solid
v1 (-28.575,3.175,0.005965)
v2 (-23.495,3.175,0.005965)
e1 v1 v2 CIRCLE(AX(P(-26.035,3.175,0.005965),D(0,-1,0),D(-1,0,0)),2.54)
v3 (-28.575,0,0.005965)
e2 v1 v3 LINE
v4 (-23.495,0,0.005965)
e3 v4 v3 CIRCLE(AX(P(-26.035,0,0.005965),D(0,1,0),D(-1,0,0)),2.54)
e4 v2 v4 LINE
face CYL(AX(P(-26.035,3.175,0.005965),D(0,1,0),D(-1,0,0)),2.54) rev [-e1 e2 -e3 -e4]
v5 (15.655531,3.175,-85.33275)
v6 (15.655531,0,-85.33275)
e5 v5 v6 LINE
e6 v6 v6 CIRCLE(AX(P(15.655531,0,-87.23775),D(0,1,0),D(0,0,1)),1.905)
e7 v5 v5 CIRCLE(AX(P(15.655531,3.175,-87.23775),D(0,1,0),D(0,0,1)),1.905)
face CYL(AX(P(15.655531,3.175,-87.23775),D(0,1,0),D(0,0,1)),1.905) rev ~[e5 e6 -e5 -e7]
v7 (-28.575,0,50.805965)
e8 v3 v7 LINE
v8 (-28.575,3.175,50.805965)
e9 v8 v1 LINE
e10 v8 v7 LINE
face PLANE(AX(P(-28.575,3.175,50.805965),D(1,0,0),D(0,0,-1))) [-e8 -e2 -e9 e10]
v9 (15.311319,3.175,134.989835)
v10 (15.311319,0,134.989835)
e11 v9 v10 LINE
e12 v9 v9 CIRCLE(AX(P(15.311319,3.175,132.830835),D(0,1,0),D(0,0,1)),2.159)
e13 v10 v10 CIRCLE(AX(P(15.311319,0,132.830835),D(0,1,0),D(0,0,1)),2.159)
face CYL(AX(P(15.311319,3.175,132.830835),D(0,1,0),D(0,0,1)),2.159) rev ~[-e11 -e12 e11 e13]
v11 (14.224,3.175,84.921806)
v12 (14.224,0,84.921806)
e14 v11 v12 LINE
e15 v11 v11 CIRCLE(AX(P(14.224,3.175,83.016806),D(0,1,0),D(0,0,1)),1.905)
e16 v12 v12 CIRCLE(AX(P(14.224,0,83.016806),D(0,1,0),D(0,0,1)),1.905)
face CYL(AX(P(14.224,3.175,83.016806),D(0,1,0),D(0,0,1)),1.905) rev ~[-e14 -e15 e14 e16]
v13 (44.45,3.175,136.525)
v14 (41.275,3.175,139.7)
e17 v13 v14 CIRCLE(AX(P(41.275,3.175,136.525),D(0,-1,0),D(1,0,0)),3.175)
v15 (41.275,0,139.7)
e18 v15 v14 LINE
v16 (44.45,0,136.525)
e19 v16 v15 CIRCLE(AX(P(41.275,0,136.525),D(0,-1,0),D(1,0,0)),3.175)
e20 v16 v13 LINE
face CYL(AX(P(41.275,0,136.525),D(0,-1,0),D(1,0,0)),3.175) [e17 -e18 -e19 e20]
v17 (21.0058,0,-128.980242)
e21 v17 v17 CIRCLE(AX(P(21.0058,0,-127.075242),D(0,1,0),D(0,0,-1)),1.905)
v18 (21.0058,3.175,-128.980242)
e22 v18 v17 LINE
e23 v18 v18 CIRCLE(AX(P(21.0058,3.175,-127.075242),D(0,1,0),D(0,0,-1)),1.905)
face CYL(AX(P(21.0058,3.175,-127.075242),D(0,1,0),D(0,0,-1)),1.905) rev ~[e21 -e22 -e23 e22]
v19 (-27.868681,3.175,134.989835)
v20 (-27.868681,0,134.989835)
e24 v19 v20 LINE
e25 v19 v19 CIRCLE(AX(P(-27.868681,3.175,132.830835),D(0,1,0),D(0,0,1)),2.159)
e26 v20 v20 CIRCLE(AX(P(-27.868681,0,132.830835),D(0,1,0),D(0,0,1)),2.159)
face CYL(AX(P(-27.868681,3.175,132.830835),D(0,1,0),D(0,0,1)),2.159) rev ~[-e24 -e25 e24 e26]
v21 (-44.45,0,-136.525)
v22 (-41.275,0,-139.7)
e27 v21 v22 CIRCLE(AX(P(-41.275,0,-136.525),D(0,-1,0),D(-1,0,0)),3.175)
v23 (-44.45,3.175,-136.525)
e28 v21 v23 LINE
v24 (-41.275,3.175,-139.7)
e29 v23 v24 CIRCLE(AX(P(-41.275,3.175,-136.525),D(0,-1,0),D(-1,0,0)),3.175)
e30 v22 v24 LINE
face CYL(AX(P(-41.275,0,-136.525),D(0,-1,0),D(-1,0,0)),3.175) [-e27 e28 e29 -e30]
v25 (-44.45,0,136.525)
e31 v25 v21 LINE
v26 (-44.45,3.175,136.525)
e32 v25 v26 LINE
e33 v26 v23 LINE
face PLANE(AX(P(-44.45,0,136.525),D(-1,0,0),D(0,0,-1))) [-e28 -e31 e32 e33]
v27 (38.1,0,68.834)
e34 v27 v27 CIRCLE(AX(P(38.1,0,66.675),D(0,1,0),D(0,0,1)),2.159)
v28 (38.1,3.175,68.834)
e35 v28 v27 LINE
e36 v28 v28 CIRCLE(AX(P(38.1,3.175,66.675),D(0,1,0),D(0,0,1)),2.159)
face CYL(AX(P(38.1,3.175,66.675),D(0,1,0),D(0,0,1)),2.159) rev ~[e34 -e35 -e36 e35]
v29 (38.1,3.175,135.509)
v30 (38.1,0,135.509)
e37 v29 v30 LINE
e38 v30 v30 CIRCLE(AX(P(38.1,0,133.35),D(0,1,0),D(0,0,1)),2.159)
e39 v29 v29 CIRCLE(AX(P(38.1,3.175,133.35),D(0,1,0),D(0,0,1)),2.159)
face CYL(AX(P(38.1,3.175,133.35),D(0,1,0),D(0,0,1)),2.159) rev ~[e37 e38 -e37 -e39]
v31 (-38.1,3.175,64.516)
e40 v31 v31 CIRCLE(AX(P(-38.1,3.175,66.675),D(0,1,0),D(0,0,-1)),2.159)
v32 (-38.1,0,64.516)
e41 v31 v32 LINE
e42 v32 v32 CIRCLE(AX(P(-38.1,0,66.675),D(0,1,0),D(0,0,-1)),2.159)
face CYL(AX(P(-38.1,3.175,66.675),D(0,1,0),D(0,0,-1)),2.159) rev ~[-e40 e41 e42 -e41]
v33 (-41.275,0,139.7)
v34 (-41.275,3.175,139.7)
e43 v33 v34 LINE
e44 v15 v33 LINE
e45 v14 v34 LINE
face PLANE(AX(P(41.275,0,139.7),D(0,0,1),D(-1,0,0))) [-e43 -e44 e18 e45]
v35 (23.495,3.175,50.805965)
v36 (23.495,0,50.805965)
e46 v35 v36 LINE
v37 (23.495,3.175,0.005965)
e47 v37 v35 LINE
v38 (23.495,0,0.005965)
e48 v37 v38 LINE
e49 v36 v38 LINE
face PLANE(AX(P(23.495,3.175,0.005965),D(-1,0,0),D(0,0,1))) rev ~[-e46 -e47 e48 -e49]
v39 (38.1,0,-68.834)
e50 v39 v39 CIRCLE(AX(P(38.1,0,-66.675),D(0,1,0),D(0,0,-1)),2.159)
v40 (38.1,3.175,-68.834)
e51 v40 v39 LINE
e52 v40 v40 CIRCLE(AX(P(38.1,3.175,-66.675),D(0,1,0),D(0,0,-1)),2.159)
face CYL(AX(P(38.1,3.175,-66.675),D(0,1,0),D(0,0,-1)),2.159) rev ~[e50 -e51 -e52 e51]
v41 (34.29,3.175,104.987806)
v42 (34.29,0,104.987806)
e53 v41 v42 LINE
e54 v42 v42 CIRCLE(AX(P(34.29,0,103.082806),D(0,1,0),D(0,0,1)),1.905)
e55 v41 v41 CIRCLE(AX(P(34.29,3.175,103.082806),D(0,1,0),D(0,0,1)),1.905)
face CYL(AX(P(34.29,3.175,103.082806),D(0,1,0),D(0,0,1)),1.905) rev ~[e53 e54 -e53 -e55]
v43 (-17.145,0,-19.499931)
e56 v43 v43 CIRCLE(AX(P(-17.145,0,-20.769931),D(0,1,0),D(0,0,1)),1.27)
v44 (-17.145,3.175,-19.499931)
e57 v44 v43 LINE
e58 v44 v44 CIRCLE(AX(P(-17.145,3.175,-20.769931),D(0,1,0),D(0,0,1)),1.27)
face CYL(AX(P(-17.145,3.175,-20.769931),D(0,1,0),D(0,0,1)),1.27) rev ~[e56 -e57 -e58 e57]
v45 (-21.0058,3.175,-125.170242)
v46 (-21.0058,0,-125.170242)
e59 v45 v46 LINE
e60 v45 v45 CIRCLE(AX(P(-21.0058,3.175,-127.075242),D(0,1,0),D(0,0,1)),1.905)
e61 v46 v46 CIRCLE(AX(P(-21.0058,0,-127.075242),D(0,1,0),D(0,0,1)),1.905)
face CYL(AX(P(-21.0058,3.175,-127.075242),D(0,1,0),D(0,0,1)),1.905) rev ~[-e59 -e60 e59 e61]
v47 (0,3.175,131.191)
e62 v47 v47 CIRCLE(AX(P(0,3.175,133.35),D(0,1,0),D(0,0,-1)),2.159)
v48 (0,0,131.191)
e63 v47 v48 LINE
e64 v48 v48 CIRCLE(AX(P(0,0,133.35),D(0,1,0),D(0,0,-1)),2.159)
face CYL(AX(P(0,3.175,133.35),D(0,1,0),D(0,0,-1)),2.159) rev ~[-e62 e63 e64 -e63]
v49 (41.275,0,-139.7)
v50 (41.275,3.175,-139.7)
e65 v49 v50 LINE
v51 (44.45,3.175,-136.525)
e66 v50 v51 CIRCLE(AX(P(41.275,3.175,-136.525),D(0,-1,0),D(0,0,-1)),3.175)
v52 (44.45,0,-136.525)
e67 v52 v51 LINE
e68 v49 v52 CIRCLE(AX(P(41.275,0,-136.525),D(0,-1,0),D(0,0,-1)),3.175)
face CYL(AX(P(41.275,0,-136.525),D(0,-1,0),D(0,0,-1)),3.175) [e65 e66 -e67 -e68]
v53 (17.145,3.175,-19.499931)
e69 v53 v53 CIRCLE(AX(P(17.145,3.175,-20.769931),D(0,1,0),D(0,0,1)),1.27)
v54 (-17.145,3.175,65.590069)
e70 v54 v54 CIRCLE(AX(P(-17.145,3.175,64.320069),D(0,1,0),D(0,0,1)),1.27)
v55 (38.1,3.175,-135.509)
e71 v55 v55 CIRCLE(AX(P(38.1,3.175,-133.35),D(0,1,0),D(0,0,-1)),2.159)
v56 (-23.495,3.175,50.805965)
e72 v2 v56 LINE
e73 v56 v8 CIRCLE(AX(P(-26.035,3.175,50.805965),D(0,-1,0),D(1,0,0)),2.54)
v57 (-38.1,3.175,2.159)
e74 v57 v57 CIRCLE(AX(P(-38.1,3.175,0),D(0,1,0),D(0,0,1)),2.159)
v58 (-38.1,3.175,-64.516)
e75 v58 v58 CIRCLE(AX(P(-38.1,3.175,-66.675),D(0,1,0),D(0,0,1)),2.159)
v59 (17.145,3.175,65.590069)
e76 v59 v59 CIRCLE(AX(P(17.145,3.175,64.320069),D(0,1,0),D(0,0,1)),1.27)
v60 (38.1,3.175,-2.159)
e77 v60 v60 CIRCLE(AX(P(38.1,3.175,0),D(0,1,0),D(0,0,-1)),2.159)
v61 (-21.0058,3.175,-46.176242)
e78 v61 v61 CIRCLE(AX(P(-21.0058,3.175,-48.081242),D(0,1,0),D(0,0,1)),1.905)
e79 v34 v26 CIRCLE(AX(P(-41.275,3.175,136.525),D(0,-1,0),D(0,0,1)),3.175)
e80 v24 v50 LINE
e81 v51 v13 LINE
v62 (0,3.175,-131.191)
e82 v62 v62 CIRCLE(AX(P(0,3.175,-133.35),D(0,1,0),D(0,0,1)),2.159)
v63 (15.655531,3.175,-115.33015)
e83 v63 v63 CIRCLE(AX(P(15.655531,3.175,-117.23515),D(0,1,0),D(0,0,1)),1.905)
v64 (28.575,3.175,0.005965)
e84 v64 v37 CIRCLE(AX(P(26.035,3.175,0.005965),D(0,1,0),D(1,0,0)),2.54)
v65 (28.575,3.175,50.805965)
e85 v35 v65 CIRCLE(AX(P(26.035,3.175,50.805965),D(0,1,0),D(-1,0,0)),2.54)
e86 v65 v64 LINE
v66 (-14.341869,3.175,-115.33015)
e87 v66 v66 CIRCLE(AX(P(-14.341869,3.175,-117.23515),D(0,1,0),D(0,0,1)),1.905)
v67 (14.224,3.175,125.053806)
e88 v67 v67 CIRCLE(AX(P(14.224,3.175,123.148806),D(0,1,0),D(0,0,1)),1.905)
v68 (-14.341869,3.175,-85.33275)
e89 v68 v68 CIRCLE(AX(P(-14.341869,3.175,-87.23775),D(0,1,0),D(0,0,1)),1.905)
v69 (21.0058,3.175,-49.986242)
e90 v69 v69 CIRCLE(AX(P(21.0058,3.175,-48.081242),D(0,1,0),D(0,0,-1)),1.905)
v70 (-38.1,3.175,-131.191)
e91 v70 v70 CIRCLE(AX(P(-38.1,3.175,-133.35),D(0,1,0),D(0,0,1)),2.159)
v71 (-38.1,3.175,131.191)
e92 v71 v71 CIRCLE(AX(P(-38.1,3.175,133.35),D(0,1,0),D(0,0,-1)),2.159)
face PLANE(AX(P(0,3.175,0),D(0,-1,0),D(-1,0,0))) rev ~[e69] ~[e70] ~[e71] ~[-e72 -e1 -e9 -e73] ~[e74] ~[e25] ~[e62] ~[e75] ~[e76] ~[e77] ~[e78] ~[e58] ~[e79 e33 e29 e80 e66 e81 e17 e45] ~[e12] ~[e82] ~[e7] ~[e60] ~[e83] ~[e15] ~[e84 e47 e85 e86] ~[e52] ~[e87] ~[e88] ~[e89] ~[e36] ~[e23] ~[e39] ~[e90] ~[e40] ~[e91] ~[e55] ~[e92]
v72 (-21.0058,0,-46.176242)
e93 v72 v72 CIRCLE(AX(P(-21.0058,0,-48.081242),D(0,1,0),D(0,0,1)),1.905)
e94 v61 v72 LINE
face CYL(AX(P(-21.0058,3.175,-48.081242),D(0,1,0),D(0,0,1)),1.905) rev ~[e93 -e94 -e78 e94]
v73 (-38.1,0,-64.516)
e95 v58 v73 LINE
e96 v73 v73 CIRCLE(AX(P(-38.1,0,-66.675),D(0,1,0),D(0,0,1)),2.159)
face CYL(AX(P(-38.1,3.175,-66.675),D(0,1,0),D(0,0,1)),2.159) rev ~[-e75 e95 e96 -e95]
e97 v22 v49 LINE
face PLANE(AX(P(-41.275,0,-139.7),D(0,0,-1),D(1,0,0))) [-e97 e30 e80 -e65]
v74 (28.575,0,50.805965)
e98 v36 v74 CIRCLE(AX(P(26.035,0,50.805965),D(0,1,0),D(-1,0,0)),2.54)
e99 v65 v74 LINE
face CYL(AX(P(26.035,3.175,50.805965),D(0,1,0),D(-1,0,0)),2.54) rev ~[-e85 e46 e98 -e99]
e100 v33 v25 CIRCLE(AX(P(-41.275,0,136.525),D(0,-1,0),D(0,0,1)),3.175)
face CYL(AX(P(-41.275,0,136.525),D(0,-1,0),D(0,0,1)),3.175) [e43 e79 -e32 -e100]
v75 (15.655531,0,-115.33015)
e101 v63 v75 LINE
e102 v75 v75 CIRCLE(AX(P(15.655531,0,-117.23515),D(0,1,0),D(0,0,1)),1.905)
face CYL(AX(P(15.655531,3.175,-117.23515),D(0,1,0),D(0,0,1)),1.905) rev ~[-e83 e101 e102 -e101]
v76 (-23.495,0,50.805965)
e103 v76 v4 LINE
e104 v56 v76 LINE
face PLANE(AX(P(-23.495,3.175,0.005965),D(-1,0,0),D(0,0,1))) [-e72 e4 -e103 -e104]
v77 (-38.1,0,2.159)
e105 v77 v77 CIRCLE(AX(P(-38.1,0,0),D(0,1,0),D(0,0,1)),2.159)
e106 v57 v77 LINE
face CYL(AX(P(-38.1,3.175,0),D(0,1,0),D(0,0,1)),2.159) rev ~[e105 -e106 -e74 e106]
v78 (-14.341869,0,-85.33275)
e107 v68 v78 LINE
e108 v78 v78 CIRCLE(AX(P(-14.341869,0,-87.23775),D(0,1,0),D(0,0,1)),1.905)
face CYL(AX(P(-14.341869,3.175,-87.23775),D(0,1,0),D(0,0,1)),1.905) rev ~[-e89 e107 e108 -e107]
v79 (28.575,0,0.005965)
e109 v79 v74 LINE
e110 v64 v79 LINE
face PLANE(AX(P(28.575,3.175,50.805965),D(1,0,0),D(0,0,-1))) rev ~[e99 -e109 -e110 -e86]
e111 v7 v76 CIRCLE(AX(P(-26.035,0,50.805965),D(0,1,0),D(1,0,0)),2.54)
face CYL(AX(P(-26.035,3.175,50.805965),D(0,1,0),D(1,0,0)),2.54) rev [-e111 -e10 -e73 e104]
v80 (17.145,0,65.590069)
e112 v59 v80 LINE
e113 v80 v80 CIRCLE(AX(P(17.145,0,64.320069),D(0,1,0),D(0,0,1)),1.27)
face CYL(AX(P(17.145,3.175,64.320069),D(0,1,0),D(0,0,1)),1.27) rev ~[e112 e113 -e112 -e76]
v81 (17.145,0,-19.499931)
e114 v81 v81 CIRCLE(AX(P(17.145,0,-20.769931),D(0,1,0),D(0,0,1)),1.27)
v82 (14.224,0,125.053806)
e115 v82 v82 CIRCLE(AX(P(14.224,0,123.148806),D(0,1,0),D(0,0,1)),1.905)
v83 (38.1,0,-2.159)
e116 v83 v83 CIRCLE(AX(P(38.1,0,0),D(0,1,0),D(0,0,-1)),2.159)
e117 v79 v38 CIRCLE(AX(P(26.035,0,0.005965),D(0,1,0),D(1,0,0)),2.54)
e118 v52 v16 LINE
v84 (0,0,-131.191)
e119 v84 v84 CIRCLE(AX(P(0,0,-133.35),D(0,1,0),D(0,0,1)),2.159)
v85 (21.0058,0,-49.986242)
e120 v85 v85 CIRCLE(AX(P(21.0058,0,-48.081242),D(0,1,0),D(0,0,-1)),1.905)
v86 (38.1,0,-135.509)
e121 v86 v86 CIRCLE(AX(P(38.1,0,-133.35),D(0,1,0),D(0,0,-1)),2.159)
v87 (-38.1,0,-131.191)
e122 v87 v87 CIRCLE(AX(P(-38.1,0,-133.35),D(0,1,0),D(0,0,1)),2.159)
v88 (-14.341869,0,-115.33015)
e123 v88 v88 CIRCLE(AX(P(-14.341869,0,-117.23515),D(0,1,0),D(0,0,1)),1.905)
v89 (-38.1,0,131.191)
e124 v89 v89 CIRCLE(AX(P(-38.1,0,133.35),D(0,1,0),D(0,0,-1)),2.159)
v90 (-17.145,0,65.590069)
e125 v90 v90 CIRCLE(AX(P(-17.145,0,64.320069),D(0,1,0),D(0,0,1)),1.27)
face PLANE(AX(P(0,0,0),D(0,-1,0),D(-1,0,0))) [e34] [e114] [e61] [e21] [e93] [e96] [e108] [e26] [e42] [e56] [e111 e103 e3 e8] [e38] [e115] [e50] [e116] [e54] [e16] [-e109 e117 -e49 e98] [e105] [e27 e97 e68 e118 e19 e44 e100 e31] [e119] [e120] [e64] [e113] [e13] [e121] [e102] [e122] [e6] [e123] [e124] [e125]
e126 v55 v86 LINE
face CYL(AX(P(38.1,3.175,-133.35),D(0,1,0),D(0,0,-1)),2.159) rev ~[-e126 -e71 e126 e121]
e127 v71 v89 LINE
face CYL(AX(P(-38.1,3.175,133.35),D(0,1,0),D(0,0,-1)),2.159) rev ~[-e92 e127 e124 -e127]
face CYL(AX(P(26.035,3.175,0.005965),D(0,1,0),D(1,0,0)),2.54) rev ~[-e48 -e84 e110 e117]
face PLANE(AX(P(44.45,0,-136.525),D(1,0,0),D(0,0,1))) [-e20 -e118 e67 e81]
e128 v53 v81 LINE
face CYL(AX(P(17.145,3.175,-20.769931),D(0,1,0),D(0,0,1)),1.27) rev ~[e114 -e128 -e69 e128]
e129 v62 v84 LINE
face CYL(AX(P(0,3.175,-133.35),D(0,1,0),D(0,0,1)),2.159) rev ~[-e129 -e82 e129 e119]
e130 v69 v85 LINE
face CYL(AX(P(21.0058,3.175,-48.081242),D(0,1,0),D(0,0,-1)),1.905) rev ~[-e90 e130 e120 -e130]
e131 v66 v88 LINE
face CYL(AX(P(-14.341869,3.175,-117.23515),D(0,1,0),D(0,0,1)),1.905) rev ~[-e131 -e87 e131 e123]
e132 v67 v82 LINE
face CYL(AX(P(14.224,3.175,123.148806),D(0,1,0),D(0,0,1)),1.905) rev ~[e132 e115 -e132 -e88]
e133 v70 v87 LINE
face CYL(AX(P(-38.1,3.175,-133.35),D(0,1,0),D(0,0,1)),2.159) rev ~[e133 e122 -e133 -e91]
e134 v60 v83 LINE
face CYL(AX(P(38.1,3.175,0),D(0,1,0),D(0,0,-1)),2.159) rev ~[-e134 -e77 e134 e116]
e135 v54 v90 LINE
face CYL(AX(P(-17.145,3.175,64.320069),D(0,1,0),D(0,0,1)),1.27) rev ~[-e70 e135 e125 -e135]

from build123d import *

# Parameters (mm, degrees)
PLATE_THICKNESS_DEPTH      = 3.175
SKETCH3_R                  = 2.159
MOUNTING_HOLES_DEPTH       = 147.635511132
SKETCH4_R                  = 1.905
JETSON_HOLES_W_MOUNT_DEPTH = 147.635511132
SKETCH5_R                  = 1.905
PDB_HOLES_DEPTH            = 147.635511132
SKETCH6_R                  = 1.905
LIDAR_HOLES_DEPTH          = 147.635511132
SKETCH7_R                  = 1.27
PIXHAWK_HOLES_DEPTH        = 147.635511132
BATTERY_HOLES_DEPTH        = 147.635511132
SKETCH9_R                  = 2.159
CUT_EXTRUDE1_DEPTH         = 147.635511132


with BuildPart() as part:
    # Sketch2 → Plate Thickness (new body)
    with BuildSketch(Plane(origin=(0, 0, 0), x_dir=(1, 0, 0), z_dir=(0, 1, 0))):
        with BuildLine():
            Line((-41.275, 139.7), (41.275, 139.7))
            ThreePointArc((41.275, 139.7), (43.52006403, 138.77006403), (44.45, 136.525))
            Line((44.45, 136.525), (44.45, -136.525))
            ThreePointArc((44.45, -136.525), (43.52006403, -138.77006403), (41.275, -139.7))
            Line((41.275, -139.7), (-41.275, -139.7))
            ThreePointArc((-41.275, -139.7), (-43.52006403, -138.77006403), (-44.45, -136.525))
            Line((-44.45, -136.525), (-44.45, 136.525))
            ThreePointArc((-44.45, 136.525), (-43.52006403, 138.77006403), (-41.275, 139.7))
        make_face()
    extrude(amount=PLATE_THICKNESS_DEPTH)

    # Sketch3 → Mounting holes (cut, through all)
    with BuildSketch(Plane(origin=(0, 3.175, 0), x_dir=(1, 0, 0), z_dir=(0, 1, 0))):
        with Locations(Location((-38.1, 133.35, 0), (0, 0, 270))):
            Circle(SKETCH3_R)
        with Locations(Location((-38.1, 66.675, 0), (0, 0, 270))):
            Circle(SKETCH3_R)
        with Locations(Location((-38.1, -66.675, 0), (0, 0, 90))):
            Circle(SKETCH3_R)
        with Locations(Location((-38.1, -133.35, 0), (0, 0, 90))):
            Circle(SKETCH3_R)
        with Locations(Location((38.1, -133.35, 0), (0, 0, 270))):
            Circle(SKETCH3_R)
        with Locations(Location((38.1, -66.675, 0), (0, 0, 270))):
            Circle(SKETCH3_R)
        with Locations(Location((38.1, 66.675, 0), (0, 0, 90))):
            Circle(SKETCH3_R)
        with Locations(Location((38.1, 133.35, 0), (0, 0, 90))):
            Circle(SKETCH3_R)
        with Locations(Location((0, 133.35, 0), (0, 0, 270))):
            Circle(SKETCH3_R)
        with Locations(Location((0, -133.35, 0), (0, 0, 90))):
            Circle(SKETCH3_R)
        with Locations(Location((-38.1, 0, 0), (0, 0, 270))):
            Circle(SKETCH3_R)
        with Locations(Location((38.1, 0, 0), (0, 0, 90))):
            Circle(SKETCH3_R)
    extrude(amount=-MOUNTING_HOLES_DEPTH, mode=Mode.SUBTRACT)

    # Sketch4 → Jetson Holes (w/ mount) (cut, through all)
    with BuildSketch(Plane(origin=(0, 3.175, 0), x_dir=(1, 0, 0), z_dir=(0, 1, 0))):
        with Locations(Location((-21.0058, 127.075242309, 0), (0, 0, 270))):
            Circle(SKETCH4_R)
        with Locations(Location((-21.0058, 48.081242309, 0), (0, 0, 270))):
            Circle(SKETCH4_R)
        with Locations(Location((21.0058, 48.081242309, 0), (0, 0, 90))):
            Circle(SKETCH4_R)
        with Locations(Location((21.0058, 127.075242309, 0), (0, 0, 90))):
            Circle(SKETCH4_R)
    extrude(amount=-JETSON_HOLES_W_MOUNT_DEPTH, mode=Mode.SUBTRACT)

    # Sketch5 → PDB holes (cut, through all)
    with BuildSketch(Plane(origin=(0, 3.175, 0), x_dir=(1, 0, 0), z_dir=(0, 1, 0))):
        with Locations(Location((-14.341868752, 117.235149692, 0), (0, 0, 270))):
            Circle(SKETCH5_R)
        with Locations(Location((15.655531248, 117.235149692, 0), (0, 0, 270))):
            Circle(SKETCH5_R)
        with Locations(Location((15.655531248, 87.237749692, 0), (0, 0, 270))):
            Circle(SKETCH5_R)
        with Locations(Location((-14.341868752, 87.237749692, 0), (0, 0, 270))):
            Circle(SKETCH5_R)
    extrude(amount=-PDB_HOLES_DEPTH, mode=Mode.SUBTRACT)

    # Sketch6 → Lidar Holes (cut, through all)
    with BuildSketch(Plane(origin=(0, 3.175, 0), x_dir=(1, 0, 0), z_dir=(0, 1, 0))):
        with Locations(Location((34.29, -103.082806339, 0), (0, 0, 270))):
            Circle(SKETCH6_R)
        with Locations(Location((14.224, -83.016806339, 0), (0, 0, 270))):
            Circle(SKETCH6_R)
        with Locations(Location((14.224, -123.148806339, 0), (0, 0, 270))):
            Circle(SKETCH6_R)
    extrude(amount=-LIDAR_HOLES_DEPTH, mode=Mode.SUBTRACT)

    # Sketch7 → PixHawk Holes (cut, through all)
    with BuildSketch(Plane(origin=(0, 3.175, 0), x_dir=(1, 0, 0), z_dir=(0, 1, 0))):
        with Locations(Location((-17.145, 20.769931445, 0), (0, 0, 270))):
            Circle(SKETCH7_R)
        with Locations(Location((-17.145, -64.320068555, 0), (0, 0, 270))):
            Circle(SKETCH7_R)
        with Locations(Location((17.145, -64.320068555, 0), (0, 0, 270))):
            Circle(SKETCH7_R)
        with Locations(Location((17.145, 20.769931445, 0), (0, 0, 270))):
            Circle(SKETCH7_R)
    extrude(amount=-PIXHAWK_HOLES_DEPTH, mode=Mode.SUBTRACT)

    # Sketch8 → Battery Holes (cut, through all)
    with BuildSketch(Plane(origin=(0, 3.175, 0), x_dir=(1, 0, 0), z_dir=(0, 1, 0))):
        with BuildLine():
            Line((-23.495, -0.005964701), (-23.495, -50.805964701))
            ThreePointArc((-23.495, -50.805964701), (-26.035, -53.345964701), (-28.575, -50.805964701))
            Line((-28.575, -50.805964701), (-28.575, -0.005964701))
            ThreePointArc((-28.575, -0.005964701), (-26.035, 2.534035299), (-23.495, -0.005964701))
        make_face()
        with BuildLine():
            Line((23.495, -0.005964701), (23.495, -50.805964701))
            ThreePointArc((23.495, -50.805964701), (26.035, -53.345964701), (28.575, -50.805964701))
            Line((28.575, -50.805964701), (28.575, -0.005964701))
            ThreePointArc((28.575, -0.005964701), (26.035, 2.534035299), (23.495, -0.005964701))
        make_face()
    extrude(amount=-BATTERY_HOLES_DEPTH, mode=Mode.SUBTRACT)

    # Sketch9 → Cut-Extrude1 (cut, through all)
    with BuildSketch(Plane(origin=(0, 3.175, 0), x_dir=(1, 0, 0), z_dir=(0, 1, 0))):
        with Locations(Location((-27.868680575, -132.830834732, 0), (0, 0, 270))):
            Circle(SKETCH9_R)
        with Locations(Location((15.311319425, -132.830834732, 0), (0, 0, 270))):
            Circle(SKETCH9_R)
    extrude(amount=-CUT_EXTRUDE1_DEPTH, mode=Mode.SUBTRACT)


solid = part.part
